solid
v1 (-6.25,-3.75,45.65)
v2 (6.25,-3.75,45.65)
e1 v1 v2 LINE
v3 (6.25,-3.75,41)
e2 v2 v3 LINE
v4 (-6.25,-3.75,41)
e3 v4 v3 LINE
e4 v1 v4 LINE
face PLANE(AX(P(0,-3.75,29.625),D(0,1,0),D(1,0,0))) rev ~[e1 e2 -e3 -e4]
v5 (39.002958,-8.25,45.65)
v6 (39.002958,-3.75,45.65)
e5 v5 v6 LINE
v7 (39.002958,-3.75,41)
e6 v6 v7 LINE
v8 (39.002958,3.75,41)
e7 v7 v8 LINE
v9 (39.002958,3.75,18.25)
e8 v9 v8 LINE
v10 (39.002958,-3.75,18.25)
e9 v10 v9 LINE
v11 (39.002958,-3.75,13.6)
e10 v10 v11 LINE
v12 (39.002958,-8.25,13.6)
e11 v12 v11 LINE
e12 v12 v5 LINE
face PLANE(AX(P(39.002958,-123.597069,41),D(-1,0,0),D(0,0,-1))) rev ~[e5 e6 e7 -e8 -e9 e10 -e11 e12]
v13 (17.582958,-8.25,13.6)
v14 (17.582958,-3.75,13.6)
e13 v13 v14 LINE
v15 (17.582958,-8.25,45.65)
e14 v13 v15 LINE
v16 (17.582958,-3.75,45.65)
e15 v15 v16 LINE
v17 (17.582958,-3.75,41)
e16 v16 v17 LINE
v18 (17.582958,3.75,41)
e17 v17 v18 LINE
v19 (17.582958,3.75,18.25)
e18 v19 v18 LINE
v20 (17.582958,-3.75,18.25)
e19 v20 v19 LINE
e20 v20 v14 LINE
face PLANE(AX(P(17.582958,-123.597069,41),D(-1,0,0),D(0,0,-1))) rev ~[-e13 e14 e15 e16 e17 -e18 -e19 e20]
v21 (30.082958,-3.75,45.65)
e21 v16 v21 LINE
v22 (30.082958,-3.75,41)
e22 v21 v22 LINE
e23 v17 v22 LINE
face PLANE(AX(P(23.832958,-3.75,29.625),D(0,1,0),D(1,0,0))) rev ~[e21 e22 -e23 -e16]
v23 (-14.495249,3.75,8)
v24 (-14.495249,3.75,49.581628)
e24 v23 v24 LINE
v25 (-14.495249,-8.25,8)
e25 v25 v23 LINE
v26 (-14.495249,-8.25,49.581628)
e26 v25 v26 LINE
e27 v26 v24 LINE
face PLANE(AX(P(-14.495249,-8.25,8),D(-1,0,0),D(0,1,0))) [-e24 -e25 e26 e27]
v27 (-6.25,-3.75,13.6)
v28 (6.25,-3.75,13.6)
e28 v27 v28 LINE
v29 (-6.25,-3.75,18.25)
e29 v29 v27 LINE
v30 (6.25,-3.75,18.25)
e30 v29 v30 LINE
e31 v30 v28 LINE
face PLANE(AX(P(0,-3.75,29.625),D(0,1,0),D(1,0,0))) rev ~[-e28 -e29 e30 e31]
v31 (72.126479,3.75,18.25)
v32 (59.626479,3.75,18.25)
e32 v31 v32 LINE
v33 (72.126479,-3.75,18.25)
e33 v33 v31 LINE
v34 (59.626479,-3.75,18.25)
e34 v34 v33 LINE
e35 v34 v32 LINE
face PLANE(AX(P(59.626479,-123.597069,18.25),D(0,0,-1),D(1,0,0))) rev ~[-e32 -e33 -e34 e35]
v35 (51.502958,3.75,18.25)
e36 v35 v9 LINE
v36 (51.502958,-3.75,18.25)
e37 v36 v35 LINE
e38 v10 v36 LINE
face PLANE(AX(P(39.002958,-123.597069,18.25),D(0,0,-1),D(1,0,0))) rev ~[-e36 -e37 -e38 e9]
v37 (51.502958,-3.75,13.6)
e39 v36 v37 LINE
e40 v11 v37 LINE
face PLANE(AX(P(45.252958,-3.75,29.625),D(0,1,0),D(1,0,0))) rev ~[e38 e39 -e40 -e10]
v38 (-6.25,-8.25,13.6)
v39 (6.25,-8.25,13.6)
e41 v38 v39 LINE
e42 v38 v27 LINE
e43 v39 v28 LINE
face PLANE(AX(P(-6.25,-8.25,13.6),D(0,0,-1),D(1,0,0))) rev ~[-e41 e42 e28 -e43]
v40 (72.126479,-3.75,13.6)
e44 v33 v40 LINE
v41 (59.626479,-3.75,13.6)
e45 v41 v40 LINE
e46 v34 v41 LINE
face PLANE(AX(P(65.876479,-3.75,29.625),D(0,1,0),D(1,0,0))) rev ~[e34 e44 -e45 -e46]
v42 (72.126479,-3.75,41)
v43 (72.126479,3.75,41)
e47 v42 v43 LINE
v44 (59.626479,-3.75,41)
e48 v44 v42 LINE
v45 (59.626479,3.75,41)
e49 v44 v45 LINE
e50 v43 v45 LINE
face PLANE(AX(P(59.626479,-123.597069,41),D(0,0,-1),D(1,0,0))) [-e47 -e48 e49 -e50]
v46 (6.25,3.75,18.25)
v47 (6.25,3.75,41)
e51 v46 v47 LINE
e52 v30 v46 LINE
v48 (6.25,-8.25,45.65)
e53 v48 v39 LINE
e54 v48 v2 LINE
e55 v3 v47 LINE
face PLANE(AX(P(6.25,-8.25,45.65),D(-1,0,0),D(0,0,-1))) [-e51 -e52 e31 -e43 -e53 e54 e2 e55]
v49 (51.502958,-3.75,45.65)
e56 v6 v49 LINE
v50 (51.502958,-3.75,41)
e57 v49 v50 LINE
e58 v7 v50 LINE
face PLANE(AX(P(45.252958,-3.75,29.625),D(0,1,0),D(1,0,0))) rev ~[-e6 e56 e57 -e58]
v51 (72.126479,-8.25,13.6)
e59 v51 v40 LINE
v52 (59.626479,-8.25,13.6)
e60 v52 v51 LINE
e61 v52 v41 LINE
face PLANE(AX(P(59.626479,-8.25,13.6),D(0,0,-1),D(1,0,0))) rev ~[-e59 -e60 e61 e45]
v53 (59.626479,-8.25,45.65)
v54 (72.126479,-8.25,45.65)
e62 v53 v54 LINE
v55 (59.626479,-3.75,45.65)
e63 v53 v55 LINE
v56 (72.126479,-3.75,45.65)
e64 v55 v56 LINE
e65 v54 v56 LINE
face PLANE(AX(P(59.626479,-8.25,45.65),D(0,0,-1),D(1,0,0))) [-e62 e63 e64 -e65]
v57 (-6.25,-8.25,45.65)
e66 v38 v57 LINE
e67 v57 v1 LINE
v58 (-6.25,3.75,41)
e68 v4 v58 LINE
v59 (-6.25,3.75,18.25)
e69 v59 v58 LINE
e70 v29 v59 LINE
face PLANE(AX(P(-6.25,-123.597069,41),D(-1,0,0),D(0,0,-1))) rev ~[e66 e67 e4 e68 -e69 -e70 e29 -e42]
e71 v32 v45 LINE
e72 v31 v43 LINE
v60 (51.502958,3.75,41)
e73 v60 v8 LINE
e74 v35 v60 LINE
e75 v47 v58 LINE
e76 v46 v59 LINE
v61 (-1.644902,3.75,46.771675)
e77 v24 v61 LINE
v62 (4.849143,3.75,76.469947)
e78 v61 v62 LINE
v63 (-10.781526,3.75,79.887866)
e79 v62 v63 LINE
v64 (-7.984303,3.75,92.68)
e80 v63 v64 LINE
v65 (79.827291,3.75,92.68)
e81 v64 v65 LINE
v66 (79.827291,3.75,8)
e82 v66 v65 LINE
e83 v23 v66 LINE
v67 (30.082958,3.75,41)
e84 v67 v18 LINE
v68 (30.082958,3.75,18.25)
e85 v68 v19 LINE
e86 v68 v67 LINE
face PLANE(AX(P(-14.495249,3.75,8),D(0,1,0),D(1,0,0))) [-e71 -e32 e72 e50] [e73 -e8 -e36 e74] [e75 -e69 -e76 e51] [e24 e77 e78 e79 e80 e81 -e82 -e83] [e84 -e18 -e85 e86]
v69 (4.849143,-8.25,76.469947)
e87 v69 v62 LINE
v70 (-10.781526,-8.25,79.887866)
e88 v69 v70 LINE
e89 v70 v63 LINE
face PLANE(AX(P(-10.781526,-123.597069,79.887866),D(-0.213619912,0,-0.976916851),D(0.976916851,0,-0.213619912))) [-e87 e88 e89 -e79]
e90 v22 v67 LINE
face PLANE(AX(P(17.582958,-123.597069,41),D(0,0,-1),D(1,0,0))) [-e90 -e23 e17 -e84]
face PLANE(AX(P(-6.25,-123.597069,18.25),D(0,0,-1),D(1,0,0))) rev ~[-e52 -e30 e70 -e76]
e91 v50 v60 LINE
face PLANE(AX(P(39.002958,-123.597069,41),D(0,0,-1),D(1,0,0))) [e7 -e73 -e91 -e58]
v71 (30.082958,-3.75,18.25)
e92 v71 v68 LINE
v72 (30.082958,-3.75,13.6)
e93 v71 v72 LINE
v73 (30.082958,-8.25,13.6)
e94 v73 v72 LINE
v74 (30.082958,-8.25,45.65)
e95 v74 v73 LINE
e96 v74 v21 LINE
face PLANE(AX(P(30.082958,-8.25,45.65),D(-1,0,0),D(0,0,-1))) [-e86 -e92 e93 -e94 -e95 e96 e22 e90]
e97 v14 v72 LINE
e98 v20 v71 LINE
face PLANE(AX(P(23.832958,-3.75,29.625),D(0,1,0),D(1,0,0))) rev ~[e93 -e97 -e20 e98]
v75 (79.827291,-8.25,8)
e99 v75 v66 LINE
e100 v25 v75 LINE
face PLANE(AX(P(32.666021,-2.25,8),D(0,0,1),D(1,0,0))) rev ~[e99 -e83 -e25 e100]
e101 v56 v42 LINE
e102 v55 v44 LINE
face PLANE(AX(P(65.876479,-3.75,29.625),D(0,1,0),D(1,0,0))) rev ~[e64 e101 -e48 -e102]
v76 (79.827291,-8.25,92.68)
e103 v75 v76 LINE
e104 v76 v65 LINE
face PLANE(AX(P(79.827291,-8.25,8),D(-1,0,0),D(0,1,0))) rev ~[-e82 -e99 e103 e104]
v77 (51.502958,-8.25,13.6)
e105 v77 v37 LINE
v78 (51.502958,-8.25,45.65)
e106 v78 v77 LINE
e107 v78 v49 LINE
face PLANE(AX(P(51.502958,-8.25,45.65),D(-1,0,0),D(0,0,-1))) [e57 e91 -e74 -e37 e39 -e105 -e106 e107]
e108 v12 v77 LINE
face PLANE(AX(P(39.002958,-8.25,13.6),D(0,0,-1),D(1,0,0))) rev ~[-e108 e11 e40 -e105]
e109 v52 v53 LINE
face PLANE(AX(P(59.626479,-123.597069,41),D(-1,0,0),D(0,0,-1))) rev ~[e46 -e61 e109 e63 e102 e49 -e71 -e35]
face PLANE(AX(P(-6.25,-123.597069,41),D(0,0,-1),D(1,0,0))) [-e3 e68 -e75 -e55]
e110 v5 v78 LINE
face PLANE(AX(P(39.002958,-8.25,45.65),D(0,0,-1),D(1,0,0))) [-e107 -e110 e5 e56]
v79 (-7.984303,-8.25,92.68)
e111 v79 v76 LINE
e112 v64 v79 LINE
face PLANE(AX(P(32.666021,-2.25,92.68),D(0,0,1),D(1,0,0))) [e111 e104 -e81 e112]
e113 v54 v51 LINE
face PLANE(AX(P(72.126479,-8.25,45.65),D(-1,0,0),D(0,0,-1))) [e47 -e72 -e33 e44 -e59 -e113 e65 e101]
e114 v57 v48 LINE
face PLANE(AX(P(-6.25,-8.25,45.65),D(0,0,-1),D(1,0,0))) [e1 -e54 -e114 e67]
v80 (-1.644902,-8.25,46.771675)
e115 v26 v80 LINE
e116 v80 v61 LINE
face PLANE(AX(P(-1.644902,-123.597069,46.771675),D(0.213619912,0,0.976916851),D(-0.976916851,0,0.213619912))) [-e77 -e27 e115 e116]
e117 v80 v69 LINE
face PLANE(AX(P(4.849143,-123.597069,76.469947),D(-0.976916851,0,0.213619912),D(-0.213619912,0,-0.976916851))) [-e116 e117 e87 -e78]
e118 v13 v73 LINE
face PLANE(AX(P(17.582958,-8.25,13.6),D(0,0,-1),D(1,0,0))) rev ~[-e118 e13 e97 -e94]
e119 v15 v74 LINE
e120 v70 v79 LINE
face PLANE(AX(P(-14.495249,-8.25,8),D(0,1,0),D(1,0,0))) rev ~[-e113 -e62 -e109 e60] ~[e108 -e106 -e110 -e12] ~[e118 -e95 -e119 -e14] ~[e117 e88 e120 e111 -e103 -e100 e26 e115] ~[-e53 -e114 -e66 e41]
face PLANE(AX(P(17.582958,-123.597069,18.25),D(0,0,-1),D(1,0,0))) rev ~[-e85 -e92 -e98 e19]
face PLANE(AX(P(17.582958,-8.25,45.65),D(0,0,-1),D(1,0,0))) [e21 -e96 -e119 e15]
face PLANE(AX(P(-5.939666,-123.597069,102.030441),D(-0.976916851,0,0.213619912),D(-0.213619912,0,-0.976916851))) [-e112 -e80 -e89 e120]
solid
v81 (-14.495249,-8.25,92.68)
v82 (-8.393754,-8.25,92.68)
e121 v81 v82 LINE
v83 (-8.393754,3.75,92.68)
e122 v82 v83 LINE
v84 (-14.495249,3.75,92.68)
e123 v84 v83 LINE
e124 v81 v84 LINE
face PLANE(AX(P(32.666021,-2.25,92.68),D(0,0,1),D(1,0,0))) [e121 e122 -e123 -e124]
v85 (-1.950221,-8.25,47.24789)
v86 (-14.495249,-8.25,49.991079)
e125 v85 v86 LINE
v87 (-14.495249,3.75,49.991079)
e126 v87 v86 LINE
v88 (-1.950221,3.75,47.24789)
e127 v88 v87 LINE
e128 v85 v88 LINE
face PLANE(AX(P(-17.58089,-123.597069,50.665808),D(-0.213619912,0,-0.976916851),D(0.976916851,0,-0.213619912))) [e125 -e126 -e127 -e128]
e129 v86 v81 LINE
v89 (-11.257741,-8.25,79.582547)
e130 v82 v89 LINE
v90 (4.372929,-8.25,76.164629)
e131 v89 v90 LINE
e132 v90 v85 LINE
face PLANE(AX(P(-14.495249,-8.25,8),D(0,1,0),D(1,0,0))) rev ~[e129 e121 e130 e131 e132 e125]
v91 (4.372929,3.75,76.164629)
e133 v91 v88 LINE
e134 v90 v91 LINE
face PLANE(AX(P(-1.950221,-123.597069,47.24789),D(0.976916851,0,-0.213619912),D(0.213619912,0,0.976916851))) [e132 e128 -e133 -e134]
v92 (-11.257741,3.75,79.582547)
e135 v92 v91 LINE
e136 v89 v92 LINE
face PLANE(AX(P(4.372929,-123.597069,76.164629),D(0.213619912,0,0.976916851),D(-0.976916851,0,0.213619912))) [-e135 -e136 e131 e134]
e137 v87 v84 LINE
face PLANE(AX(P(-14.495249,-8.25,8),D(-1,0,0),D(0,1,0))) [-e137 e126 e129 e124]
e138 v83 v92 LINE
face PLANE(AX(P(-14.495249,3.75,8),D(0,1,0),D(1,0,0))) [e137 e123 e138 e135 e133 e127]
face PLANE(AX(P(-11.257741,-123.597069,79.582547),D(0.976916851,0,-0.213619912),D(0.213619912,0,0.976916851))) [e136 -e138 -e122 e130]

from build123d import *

# Parameters (mm, degrees)
BOSS_EXTRUDE1_START          = 8
SKETCH24_W                   = 94.322539244
SKETCH24_H                   = 12
BOSS_EXTRUDE1_DEPTH          = 84.68
CUT_EXTRUDE1_DEPTH           = 123.597068624
CUT_EXTRUDE1_DEPTH_BACK      = 123.597068624
SKETCH25_W                   = 12.5
SKETCH25_H                   = 22.75
CUT_EXTRUDE2_START           = -8.25
SKETCH25_5_W                 = 12.5
SKETCH25_5_H                 = 32.05
CUT_EXTRUDE2_DEPTH           = 4.5
CUT_EXTRUDE_THIN1_DEPTH      = 123.597068624
CUT_EXTRUDE_THIN1_DEPTH_BACK = 123.597068624


with BuildPart() as part:
    # Sketch24 → Boss-Extrude1 (new body)
    with BuildSketch(Plane.XY.offset(BOSS_EXTRUDE1_START)):
        with Locations((32.666021045, -2.25)):
            Rectangle(SKETCH24_W, SKETCH24_H)
    extrude(amount=BOSS_EXTRUDE1_DEPTH)

    # Sketch25 → Cut-Extrude1 (cut, two sides: drawn at the far end of the back side and taken through both)
    with BuildSketch(Plane(origin=(0, 0, 0), x_dir=(1, 0, 0), z_dir=(0, 1, 0)).offset(-CUT_EXTRUDE1_DEPTH_BACK)):
        with Locations((0, -29.625)):
            Rectangle(SKETCH25_W, SKETCH25_H)
        with Locations((23.832958, -29.625)):
            Rectangle(SKETCH25_W, SKETCH25_H)
        with Locations((45.252958, -29.625)):
            Rectangle(SKETCH25_W, SKETCH25_H)
        with Locations((65.876479, -29.625)):
            Rectangle(SKETCH25_W, SKETCH25_H)
    extrude(amount=CUT_EXTRUDE1_DEPTH + CUT_EXTRUDE1_DEPTH_BACK, mode=Mode.SUBTRACT)

    # Sketch25<5> → Cut-Extrude2 (cut)
    with BuildSketch(Plane(origin=(0, 0, 0), x_dir=(1, 0, 0), z_dir=(0, 1, 0)).offset(CUT_EXTRUDE2_START)):
        with Locations((0, -29.625)):
            Rectangle(SKETCH25_5_W, SKETCH25_5_H)
        with Locations((23.832958, -29.625)):
            Rectangle(SKETCH25_5_W, SKETCH25_5_H)
        with Locations((45.252958, -29.625)):
            Rectangle(SKETCH25_5_W, SKETCH25_5_H)
        with Locations((65.876479, -29.625)):
            Rectangle(SKETCH25_5_W, SKETCH25_5_H)
    extrude(amount=CUT_EXTRUDE2_DEPTH, mode=Mode.SUBTRACT)

    # Sketch30 → Cut-Extrude-Thin1 (cut, two sides: drawn at the far end of the back side and taken through both)
    with BuildSketch(Plane(origin=(0, 0, 0), x_dir=(1, 0, 0), z_dir=(0, 1, 0)).offset(-CUT_EXTRUDE_THIN1_DEPTH_BACK)):
        Polygon((-22.402588905, -28.615435543), (-17.58089022, -50.665808361), (-1.950220608, -47.247889774), (4.372928778, -76.164628557), (-11.257740834, -79.582547144), (-6.330432598, -102.115888754), (-5.939665858, -102.030440789), (-10.781526129, -79.88786592), (4.849143483, -76.469947333), (-1.644901832, -46.771675069), (-17.275571445, -50.189593656), (-22.011822165, -28.529987578), align=None)
    extrude(amount=CUT_EXTRUDE_THIN1_DEPTH + CUT_EXTRUDE_THIN1_DEPTH_BACK, mode=Mode.SUBTRACT)


with BuildPart() as cut_extrude_thin1_piece_1:
    # of the separate pieces the step leaves, piece 1, a body of its own (cut_extrude_thin1_pieces)
    add(part.part.solids().sort_by_distance((-14.495248577, 3.75, 8))[0])


with BuildPart() as cut_extrude_thin1_piece_2:
    # of the separate pieces the step leaves, piece 2, a body of its own (cut_extrude_thin1_pieces)
    add(part.part.solids().sort_by_distance((-1.950220608, 3.75, 47.247889774))[0])


solid = Compound([cut_extrude_thin1_piece_1.part, cut_extrude_thin1_piece_2.part])
